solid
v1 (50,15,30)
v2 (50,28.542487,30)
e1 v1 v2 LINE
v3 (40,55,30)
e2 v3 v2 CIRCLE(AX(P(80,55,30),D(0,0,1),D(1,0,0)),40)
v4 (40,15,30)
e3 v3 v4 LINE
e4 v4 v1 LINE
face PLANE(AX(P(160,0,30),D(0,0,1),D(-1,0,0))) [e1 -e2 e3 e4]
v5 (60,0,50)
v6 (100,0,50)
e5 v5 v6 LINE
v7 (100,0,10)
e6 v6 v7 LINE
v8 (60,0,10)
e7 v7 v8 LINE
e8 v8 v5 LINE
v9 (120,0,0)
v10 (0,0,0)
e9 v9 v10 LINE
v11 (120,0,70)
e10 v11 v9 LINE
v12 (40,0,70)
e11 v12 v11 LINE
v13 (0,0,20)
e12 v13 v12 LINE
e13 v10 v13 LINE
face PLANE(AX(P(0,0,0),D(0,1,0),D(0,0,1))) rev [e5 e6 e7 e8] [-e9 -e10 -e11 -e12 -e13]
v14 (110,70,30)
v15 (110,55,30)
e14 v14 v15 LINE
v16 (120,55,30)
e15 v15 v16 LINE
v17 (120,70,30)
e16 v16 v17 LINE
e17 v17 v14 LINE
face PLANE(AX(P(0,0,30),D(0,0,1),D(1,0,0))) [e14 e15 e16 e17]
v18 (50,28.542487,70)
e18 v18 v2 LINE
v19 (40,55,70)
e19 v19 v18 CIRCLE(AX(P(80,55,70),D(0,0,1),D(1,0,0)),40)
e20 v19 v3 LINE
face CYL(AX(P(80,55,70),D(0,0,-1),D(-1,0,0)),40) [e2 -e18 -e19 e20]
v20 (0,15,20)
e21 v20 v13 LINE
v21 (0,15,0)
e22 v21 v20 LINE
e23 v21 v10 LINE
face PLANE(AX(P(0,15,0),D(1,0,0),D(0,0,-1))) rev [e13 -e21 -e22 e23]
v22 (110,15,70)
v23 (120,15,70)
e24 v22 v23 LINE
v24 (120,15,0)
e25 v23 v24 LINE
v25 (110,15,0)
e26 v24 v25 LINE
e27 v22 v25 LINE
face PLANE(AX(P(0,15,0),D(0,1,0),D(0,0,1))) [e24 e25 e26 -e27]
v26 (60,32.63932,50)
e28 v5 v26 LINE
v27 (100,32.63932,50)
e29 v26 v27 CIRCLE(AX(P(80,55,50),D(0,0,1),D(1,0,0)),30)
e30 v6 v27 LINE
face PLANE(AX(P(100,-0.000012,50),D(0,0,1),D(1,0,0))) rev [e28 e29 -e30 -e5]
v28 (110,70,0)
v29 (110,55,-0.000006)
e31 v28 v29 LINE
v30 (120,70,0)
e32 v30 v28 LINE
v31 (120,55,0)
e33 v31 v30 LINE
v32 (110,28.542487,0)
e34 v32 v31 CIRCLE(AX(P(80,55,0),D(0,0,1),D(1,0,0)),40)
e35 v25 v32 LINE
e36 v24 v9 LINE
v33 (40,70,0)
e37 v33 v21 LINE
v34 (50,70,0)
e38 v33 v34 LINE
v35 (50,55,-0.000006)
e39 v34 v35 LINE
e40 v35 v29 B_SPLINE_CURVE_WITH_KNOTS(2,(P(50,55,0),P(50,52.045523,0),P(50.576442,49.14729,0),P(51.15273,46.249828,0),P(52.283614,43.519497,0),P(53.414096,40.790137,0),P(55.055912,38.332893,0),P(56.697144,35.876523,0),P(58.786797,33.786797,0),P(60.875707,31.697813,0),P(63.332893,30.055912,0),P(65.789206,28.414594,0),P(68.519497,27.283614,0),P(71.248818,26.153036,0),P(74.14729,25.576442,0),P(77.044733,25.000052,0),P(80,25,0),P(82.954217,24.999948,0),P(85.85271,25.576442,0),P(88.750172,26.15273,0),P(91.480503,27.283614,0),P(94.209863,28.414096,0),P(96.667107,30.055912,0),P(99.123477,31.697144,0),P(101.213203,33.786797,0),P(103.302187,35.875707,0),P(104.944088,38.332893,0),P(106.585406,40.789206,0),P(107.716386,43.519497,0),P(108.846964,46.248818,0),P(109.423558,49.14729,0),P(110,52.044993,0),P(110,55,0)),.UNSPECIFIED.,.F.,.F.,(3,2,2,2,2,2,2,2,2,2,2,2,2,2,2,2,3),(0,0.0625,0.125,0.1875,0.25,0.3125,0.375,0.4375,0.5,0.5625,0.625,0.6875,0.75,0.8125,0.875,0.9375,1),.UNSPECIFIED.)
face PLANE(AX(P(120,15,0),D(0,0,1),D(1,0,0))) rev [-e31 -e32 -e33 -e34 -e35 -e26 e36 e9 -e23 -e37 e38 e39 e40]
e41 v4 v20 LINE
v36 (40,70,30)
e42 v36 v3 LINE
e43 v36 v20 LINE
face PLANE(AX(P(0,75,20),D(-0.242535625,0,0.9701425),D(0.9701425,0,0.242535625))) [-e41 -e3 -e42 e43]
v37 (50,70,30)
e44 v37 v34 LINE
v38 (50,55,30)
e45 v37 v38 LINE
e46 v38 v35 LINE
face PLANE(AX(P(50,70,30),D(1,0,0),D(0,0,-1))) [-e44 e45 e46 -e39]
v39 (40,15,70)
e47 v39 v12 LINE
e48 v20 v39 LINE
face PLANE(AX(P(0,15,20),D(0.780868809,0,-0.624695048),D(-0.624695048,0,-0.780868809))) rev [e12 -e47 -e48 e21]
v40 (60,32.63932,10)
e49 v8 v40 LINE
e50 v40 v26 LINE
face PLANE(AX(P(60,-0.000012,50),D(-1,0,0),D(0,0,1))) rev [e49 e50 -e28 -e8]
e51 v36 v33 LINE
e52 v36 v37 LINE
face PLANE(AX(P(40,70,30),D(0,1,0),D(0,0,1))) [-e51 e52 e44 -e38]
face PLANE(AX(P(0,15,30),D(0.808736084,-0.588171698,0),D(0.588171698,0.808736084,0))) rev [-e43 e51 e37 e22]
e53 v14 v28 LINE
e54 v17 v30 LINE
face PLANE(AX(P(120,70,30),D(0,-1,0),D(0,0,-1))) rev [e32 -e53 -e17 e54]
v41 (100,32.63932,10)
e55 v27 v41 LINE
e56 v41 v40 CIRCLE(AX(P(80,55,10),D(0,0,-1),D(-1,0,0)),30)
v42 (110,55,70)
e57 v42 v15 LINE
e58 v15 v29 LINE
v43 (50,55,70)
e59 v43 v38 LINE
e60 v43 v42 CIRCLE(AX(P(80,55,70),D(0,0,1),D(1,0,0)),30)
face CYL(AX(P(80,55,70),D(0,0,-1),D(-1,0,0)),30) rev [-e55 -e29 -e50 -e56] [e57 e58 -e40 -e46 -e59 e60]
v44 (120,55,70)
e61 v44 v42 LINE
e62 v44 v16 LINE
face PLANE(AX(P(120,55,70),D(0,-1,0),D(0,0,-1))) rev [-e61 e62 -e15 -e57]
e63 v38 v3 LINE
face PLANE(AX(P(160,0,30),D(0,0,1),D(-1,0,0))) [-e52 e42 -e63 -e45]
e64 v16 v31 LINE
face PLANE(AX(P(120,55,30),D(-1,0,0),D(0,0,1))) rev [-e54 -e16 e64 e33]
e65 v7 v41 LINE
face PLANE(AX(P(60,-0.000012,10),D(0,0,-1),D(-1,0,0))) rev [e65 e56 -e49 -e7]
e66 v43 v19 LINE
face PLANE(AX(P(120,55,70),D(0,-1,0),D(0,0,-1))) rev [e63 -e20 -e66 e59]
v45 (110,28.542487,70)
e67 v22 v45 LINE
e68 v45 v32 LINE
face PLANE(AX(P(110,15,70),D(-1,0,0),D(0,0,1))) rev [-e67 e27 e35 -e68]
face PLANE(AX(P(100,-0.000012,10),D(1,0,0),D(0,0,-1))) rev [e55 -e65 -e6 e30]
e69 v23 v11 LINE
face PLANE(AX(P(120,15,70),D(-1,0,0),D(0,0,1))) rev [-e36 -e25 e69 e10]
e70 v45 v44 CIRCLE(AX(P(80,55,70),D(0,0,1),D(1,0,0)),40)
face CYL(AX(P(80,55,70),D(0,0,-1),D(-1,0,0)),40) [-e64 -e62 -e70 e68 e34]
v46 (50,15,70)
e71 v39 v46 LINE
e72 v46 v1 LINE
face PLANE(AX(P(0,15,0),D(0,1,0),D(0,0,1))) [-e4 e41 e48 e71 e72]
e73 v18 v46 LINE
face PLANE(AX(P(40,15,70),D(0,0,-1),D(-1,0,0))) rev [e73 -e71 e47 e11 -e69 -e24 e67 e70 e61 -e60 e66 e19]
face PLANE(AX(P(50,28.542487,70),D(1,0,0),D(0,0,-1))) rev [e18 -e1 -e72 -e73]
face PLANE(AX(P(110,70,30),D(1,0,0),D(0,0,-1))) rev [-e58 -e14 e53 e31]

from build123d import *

# Parameters (mm, degrees)
BOSS_EXTRUDE1_DEPTH     = 15
BOSS_EXTRUDE2_DEPTH     = 70
SKETCH3_W               = 10
SKETCH3_H               = 15
BOSS_EXTRUDE3_DEPTH     = 30
CUT_EXTRUDE1_DEPTH      = 156.563491861
CUT_EXTRUDE1_DEPTH_BACK = 156.563491861
CUT_EXTRUDE2_DEPTH      = 156.563491861
CUT_EXTRUDE2_DEPTH_BACK = 156.563491861
SKETCH5_W               = 40
SKETCH5_H               = 40
BOSS_EXTRUDE4_DEPTH     = 30
CUT_EXTRUDE3_START      = 15
CUT_EXTRUDE3_DEPTH      = 60


with BuildPart() as part:
    # Sketch1 → Boss-Extrude1 (new body)
    with BuildSketch(Plane(origin=(0, 0, 0), x_dir=(1, 0, 0), z_dir=(0, 1, 0))):
        Polygon((0, 0), (0, -20), (40, -70), (120, -70), (120, 0), align=None)
    extrude(amount=BOSS_EXTRUDE1_DEPTH)

    # Sketch2 → Boss-Extrude2 (add)
    with BuildSketch(Plane.XY):
        with BuildLine():
            Line((50, 15), (110, 15))
            Line((110, 15), (110, 28.542486889))
            ThreePointArc((110, 28.542486889), (117.416573868, 40.857864376), (120, 55))
            Line((120, 55), (40, 55))
            ThreePointArc((40, 55), (42.583426132, 40.857864376), (50, 28.542486889))
            Line((50, 28.542486889), (50, 15))
        make_face()
    extrude(amount=BOSS_EXTRUDE2_DEPTH)

    # Sketch3 → Boss-Extrude3 (add)
    with BuildSketch(Plane.XY):
        with Locations((115, 62.5)):
            Rectangle(SKETCH3_W, SKETCH3_H)
    boss_extrude3 = extrude(amount=BOSS_EXTRUDE3_DEPTH)

    # Mirror1: Boss-Extrude3 across plane
    add(boss_extrude3.mirror(Plane(origin=(80, 0, 0), x_dir=(0, 0, 1), z_dir=(1, 0, 0))))

    # Sketch4 → Cut-Extrude1 (cut, two sides: drawn at the far end of the back side and taken through both)
    with BuildSketch(Plane.XY.offset(-CUT_EXTRUDE1_DEPTH_BACK)):
        with BuildLine():
            Line((50, 72), (50, 55))
            ThreePointArc((50, 55), (80, 25), (110, 55))
            Line((110, 55), (110, 72))
            Line((110, 72), (50, 72))
        make_face()
    extrude(amount=CUT_EXTRUDE1_DEPTH + CUT_EXTRUDE1_DEPTH_BACK, mode=Mode.SUBTRACT)

    # Sketch5 → Cut-Extrude2 (cut, two sides: drawn at the far end of the back side and taken through both)
    with BuildSketch(Plane(origin=(0, 0, 0), x_dir=(1, 0, 0), z_dir=(0, 1, 0)).offset(-CUT_EXTRUDE2_DEPTH_BACK)):
        with Locations((80, -30)):
            Rectangle(SKETCH5_W, SKETCH5_H)
    extrude(amount=CUT_EXTRUDE2_DEPTH + CUT_EXTRUDE2_DEPTH_BACK, mode=Mode.SUBTRACT)

    # Sketch6 → Boss-Extrude4 (add)
    with BuildSketch(Plane.XY):
        Polygon((0, 15), (40, 70), (50, 70), (50, 15), align=None)
    extrude(amount=BOSS_EXTRUDE4_DEPTH)

    # Sketch7 → Cut-Extrude3 (cut)
    with BuildSketch(Plane(origin=(0, 0, 0), x_dir=(1, 0, 0), z_dir=(0, 1, 0)).offset(CUT_EXTRUDE3_START)):
        Polygon((0, -20), (40, -30), (0, -30), align=None)
    extrude(amount=CUT_EXTRUDE3_DEPTH, mode=Mode.SUBTRACT)


solid = part.part
